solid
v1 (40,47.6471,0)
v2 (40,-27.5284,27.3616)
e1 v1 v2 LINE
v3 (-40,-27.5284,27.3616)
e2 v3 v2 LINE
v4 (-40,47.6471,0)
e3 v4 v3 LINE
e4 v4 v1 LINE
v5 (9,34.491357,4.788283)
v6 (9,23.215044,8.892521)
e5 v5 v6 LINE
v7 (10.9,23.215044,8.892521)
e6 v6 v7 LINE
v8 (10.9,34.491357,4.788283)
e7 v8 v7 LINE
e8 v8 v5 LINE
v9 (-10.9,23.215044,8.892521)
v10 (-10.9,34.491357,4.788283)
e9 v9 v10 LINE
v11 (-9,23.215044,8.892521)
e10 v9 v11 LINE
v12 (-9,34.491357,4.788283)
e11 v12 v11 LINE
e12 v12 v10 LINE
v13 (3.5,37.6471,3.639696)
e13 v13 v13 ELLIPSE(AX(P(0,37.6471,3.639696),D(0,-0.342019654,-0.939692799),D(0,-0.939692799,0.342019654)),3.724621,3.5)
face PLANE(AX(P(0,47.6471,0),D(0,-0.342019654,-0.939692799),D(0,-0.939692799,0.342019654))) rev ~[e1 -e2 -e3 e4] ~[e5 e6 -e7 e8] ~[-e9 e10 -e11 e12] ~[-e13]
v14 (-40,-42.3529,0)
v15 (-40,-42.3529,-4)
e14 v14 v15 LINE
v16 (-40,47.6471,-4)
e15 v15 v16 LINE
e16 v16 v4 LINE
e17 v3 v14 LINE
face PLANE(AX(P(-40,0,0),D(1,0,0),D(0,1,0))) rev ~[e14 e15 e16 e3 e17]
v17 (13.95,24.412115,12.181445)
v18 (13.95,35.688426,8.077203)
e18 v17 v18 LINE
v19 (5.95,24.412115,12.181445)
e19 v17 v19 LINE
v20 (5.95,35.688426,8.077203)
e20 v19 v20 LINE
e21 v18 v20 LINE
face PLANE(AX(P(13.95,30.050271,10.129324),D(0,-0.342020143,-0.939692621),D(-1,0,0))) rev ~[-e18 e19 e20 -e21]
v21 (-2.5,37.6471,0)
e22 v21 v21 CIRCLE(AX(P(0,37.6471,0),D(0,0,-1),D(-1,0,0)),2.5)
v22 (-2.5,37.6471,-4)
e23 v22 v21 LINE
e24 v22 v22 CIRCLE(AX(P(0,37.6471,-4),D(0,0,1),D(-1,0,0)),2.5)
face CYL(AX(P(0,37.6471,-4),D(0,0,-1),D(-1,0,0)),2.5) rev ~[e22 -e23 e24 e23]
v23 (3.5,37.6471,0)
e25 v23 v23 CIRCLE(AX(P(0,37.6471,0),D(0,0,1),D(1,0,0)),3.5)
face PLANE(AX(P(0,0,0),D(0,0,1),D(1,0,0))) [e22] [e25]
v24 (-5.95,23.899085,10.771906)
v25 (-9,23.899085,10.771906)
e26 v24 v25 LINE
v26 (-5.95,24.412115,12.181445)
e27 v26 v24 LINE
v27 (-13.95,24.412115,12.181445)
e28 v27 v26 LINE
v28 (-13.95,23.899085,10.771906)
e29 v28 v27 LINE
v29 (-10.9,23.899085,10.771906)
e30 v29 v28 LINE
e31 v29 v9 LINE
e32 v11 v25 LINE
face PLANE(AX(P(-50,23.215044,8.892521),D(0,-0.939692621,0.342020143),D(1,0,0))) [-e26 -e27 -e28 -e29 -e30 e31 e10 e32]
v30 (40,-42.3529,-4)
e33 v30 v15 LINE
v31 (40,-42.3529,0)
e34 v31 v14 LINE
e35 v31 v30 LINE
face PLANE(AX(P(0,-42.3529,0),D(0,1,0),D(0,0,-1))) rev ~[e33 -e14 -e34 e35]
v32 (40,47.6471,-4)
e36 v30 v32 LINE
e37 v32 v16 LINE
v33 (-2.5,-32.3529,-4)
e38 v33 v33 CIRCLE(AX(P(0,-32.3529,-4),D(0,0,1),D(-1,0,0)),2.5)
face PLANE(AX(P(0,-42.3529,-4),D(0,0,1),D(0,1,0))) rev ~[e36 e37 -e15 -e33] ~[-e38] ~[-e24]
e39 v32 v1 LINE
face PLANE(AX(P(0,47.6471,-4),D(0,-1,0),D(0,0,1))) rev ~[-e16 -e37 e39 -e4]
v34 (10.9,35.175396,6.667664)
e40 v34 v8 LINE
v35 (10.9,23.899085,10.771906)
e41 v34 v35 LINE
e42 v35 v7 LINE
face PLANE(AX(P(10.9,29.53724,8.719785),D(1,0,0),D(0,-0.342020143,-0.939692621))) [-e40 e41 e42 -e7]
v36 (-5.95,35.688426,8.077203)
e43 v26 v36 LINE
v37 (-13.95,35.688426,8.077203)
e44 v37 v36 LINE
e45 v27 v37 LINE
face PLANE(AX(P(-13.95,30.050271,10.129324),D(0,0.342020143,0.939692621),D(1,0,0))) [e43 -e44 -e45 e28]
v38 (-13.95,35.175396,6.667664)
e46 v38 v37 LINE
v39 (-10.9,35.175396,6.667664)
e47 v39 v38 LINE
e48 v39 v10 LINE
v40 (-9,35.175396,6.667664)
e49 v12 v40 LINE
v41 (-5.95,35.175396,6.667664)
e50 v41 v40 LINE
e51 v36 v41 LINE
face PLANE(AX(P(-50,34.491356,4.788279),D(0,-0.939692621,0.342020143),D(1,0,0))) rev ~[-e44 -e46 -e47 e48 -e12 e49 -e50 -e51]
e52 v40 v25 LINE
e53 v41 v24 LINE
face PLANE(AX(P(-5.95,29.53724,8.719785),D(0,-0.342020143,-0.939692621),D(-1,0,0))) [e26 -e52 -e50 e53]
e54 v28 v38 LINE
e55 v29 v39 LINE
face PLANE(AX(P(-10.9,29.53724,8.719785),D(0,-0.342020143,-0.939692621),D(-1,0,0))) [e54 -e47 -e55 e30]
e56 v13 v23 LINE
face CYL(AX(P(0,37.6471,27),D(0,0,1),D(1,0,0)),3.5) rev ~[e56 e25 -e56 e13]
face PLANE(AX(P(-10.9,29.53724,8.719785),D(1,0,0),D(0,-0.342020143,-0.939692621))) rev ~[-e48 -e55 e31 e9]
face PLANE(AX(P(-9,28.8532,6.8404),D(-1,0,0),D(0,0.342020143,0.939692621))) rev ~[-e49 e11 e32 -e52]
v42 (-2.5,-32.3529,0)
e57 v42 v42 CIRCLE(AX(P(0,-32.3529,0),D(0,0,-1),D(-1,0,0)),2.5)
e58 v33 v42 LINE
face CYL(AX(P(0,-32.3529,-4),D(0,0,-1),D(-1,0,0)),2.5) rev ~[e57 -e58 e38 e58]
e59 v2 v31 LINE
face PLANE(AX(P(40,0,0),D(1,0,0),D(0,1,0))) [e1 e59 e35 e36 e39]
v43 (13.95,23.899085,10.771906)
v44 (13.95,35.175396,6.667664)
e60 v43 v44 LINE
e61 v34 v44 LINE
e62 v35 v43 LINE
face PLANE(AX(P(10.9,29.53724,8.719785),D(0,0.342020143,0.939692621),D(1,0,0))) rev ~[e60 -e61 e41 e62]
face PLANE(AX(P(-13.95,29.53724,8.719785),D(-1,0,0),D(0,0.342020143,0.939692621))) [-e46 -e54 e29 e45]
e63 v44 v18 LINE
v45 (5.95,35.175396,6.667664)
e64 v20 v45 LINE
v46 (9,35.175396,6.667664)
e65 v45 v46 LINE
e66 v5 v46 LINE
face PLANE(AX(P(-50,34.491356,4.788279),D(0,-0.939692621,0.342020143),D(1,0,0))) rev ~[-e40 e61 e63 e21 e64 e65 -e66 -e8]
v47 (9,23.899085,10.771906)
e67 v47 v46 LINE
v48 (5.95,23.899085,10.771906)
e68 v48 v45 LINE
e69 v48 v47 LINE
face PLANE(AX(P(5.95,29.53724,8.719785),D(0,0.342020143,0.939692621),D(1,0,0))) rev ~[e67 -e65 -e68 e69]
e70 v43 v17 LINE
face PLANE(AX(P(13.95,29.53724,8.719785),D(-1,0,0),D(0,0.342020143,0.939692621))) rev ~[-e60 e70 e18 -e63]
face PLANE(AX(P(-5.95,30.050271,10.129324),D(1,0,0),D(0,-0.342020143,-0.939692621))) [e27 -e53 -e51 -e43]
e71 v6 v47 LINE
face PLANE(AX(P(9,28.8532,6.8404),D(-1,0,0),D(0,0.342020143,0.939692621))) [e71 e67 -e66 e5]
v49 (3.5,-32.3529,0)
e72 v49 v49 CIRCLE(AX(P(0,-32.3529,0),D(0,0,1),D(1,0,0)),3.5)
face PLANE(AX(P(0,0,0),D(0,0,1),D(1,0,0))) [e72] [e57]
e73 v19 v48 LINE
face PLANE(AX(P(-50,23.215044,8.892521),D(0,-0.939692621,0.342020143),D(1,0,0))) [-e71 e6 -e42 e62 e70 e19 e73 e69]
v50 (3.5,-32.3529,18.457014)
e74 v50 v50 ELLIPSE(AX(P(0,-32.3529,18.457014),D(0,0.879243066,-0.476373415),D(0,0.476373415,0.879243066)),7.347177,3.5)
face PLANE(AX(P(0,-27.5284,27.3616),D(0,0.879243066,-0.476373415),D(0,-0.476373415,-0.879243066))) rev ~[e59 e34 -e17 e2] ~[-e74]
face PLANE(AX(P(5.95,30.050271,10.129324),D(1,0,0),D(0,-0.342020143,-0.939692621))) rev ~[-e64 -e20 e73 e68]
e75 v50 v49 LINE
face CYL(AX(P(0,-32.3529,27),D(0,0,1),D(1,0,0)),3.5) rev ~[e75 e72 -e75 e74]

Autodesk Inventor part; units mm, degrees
ref_plane "YZ Plane" through (0, 0, 0) normal (1, 0, 0) x (0, 1, 0)
sketch "스케치2" plane through (0, 0, 0) normal (1, 0, 0) x (0, 1, 0)
  line L0 (-42.3529, 0) -> (47.6471, 0) construction
  line L1 (47.6471, 0) -> (-27.5284, 27.3616)
  line L2 (-27.5284, 27.3616) -> (-42.3529, 0)
  line L3 (47.6471, 0) -> (-42.3529, 0) construction
  line L4 (-42.3529, 0) -> (-42.3529, -4)
  line L5 (-42.3529, -4) -> (47.6471, -4)
  line L6 (47.6471, -4) -> (47.6471, 0)
  point P0 (0, 0)
  dimension "d2" = 90
  dimension "d3" = 80
  dimension "d4" = 20
  dimension "d7" = 4
extrude "돌출2" add sketch "스케치2" along normal mid plane 80
sketch "스케치3" plane through (40, 47.6471, -4) normal (0, 0, -1) x (-1, 0, 0)
  line L0 (80, 0) -> (0, 0) projected
  line L1 (0, -10) -> (40, -10)
  line L2 (80, -90) -> (0, -90) projected
  line L3 (0, -75.1754) -> (0, -90) projected
  line L4 (0, -80) -> (80, -80)
  line L5 (80, 0) -> (80, -90) projected
  line L6 (40, -93) -> (40, 7) construction
  circle A0 centre (40, -80) radius 2.5
  circle A1 centre (40, -10) radius 2.5
  line L7 (0, 0) -> (0, -75.1754) projected
  point P0 (40, -47.6471)
  dimension "d10" = 10
  dimension "d12" = 10
  dimension "d13" = 5
  dimension "d14" = 5
  dimension "d44" = 40
extrude "돌출3" cut sketch "스케치3" against normal blind 40 contours A1 | A0 L4 | L4 A0
ref_plane "작업 평면3" through (0, 0, 27) normal (0, 0, 1) x (1, 0, 0)
sketch "스케치4" plane through (0, 0, 27) normal (0, 0, 1) x (1, 0, 0)
  circle A0 centre (0, 37.6471) radius 2.5 projected
  circle A1 centre (0, -32.3529) radius 2.5 projected
  circle A2 centre (0, 37.6471) radius 3.5
  circle A3 centre (0, -32.3529) radius 3.5
  point P0 (0, 0)
  dimension "d18" = 7
  dimension "d19" = 7
extrude "돌출4" cut sketch "스케치4" against normal blind 27 contours A0 | A1 | A2 | A3
sketch "스케치5" plane through (-40, -27.5284, 27.3616) normal (0, 0.342, 0.9397) x (1, 0, 0)
  line L0 (20, 80) -> (20, -25) construction
  line L1 (-10, 60) -> (63, 60) construction
  line L2 (0, 80) -> (80, 80) projected
  point P0 (40, 35.2264)
  dimension "d22" = 20
ref_plane "작업 평면4" through (-50, 28.8532, 6.8404) normal (0, -0.9397, 0.342) x (1, 0, 0)
sketch "스케치6" plane through (-50, 28.8532, 6.8404) normal (0, -0.9397, 0.342) x (1, 0, 0)
  line L0 (50, 15) -> (50, -51) construction
  line L1 (46.5, 0) -> (53.5, 0) projected
  line L2 (10, 0) -> (90, 0) projected
  line L3 (21, 0) -> (21, 0)
  line L4 (90, 0) -> (90, -30.7818) projected
  line L5 (39.1, 0) -> (41, 0)
  line L6 (41, 0) -> (41, 2)
  line L7 (39.1, 2) -> (39.1, 0)
  line L8 (36.05, 3.5) -> (44.05, 3.5)
  line L9 (44.05, 3.5) -> (44.05, 2)
  line L10 (36.05, 2) -> (36.05, 3.5)
  line L11 (44.05, 2) -> (41, 2)
  line L12 (39.1, 2) -> (36.05, 2)
  line L13 (59, 0) -> (59, 2)
  line L14 (60.9, 2) -> (60.9, 0)
  line L15 (63.95, 3.5) -> (55.95, 3.5)
  line L16 (55.95, 3.5) -> (55.95, 2)
  line L17 (63.95, 2) -> (63.95, 3.5)
  line L18 (55.95, 2) -> (59, 2)
  line L19 (60.9, 2) -> (63.95, 2)
  line L20 (10, -30.7818) -> (10, 0) projected
  point P0 (50, -16.2963)
  point P1 (41, 1)
  point P2 (59, 1)
  point P3 (59, 0)
  point P4 (60.9, 0)
  dimension "d30" = 9
  dimension "d35" = 8
  dimension "d36" = 1.5
  dimension "d37" = 2
  dimension "d38" = 3.05
  dimension "d41" = 1.5
  dimension "d42" = 3.05
  dimension "d43" = 40
extrude "돌출5" add sketch "스케치6" along normal mid plane 12
properties part number "LCD_Mount_20degrees"
